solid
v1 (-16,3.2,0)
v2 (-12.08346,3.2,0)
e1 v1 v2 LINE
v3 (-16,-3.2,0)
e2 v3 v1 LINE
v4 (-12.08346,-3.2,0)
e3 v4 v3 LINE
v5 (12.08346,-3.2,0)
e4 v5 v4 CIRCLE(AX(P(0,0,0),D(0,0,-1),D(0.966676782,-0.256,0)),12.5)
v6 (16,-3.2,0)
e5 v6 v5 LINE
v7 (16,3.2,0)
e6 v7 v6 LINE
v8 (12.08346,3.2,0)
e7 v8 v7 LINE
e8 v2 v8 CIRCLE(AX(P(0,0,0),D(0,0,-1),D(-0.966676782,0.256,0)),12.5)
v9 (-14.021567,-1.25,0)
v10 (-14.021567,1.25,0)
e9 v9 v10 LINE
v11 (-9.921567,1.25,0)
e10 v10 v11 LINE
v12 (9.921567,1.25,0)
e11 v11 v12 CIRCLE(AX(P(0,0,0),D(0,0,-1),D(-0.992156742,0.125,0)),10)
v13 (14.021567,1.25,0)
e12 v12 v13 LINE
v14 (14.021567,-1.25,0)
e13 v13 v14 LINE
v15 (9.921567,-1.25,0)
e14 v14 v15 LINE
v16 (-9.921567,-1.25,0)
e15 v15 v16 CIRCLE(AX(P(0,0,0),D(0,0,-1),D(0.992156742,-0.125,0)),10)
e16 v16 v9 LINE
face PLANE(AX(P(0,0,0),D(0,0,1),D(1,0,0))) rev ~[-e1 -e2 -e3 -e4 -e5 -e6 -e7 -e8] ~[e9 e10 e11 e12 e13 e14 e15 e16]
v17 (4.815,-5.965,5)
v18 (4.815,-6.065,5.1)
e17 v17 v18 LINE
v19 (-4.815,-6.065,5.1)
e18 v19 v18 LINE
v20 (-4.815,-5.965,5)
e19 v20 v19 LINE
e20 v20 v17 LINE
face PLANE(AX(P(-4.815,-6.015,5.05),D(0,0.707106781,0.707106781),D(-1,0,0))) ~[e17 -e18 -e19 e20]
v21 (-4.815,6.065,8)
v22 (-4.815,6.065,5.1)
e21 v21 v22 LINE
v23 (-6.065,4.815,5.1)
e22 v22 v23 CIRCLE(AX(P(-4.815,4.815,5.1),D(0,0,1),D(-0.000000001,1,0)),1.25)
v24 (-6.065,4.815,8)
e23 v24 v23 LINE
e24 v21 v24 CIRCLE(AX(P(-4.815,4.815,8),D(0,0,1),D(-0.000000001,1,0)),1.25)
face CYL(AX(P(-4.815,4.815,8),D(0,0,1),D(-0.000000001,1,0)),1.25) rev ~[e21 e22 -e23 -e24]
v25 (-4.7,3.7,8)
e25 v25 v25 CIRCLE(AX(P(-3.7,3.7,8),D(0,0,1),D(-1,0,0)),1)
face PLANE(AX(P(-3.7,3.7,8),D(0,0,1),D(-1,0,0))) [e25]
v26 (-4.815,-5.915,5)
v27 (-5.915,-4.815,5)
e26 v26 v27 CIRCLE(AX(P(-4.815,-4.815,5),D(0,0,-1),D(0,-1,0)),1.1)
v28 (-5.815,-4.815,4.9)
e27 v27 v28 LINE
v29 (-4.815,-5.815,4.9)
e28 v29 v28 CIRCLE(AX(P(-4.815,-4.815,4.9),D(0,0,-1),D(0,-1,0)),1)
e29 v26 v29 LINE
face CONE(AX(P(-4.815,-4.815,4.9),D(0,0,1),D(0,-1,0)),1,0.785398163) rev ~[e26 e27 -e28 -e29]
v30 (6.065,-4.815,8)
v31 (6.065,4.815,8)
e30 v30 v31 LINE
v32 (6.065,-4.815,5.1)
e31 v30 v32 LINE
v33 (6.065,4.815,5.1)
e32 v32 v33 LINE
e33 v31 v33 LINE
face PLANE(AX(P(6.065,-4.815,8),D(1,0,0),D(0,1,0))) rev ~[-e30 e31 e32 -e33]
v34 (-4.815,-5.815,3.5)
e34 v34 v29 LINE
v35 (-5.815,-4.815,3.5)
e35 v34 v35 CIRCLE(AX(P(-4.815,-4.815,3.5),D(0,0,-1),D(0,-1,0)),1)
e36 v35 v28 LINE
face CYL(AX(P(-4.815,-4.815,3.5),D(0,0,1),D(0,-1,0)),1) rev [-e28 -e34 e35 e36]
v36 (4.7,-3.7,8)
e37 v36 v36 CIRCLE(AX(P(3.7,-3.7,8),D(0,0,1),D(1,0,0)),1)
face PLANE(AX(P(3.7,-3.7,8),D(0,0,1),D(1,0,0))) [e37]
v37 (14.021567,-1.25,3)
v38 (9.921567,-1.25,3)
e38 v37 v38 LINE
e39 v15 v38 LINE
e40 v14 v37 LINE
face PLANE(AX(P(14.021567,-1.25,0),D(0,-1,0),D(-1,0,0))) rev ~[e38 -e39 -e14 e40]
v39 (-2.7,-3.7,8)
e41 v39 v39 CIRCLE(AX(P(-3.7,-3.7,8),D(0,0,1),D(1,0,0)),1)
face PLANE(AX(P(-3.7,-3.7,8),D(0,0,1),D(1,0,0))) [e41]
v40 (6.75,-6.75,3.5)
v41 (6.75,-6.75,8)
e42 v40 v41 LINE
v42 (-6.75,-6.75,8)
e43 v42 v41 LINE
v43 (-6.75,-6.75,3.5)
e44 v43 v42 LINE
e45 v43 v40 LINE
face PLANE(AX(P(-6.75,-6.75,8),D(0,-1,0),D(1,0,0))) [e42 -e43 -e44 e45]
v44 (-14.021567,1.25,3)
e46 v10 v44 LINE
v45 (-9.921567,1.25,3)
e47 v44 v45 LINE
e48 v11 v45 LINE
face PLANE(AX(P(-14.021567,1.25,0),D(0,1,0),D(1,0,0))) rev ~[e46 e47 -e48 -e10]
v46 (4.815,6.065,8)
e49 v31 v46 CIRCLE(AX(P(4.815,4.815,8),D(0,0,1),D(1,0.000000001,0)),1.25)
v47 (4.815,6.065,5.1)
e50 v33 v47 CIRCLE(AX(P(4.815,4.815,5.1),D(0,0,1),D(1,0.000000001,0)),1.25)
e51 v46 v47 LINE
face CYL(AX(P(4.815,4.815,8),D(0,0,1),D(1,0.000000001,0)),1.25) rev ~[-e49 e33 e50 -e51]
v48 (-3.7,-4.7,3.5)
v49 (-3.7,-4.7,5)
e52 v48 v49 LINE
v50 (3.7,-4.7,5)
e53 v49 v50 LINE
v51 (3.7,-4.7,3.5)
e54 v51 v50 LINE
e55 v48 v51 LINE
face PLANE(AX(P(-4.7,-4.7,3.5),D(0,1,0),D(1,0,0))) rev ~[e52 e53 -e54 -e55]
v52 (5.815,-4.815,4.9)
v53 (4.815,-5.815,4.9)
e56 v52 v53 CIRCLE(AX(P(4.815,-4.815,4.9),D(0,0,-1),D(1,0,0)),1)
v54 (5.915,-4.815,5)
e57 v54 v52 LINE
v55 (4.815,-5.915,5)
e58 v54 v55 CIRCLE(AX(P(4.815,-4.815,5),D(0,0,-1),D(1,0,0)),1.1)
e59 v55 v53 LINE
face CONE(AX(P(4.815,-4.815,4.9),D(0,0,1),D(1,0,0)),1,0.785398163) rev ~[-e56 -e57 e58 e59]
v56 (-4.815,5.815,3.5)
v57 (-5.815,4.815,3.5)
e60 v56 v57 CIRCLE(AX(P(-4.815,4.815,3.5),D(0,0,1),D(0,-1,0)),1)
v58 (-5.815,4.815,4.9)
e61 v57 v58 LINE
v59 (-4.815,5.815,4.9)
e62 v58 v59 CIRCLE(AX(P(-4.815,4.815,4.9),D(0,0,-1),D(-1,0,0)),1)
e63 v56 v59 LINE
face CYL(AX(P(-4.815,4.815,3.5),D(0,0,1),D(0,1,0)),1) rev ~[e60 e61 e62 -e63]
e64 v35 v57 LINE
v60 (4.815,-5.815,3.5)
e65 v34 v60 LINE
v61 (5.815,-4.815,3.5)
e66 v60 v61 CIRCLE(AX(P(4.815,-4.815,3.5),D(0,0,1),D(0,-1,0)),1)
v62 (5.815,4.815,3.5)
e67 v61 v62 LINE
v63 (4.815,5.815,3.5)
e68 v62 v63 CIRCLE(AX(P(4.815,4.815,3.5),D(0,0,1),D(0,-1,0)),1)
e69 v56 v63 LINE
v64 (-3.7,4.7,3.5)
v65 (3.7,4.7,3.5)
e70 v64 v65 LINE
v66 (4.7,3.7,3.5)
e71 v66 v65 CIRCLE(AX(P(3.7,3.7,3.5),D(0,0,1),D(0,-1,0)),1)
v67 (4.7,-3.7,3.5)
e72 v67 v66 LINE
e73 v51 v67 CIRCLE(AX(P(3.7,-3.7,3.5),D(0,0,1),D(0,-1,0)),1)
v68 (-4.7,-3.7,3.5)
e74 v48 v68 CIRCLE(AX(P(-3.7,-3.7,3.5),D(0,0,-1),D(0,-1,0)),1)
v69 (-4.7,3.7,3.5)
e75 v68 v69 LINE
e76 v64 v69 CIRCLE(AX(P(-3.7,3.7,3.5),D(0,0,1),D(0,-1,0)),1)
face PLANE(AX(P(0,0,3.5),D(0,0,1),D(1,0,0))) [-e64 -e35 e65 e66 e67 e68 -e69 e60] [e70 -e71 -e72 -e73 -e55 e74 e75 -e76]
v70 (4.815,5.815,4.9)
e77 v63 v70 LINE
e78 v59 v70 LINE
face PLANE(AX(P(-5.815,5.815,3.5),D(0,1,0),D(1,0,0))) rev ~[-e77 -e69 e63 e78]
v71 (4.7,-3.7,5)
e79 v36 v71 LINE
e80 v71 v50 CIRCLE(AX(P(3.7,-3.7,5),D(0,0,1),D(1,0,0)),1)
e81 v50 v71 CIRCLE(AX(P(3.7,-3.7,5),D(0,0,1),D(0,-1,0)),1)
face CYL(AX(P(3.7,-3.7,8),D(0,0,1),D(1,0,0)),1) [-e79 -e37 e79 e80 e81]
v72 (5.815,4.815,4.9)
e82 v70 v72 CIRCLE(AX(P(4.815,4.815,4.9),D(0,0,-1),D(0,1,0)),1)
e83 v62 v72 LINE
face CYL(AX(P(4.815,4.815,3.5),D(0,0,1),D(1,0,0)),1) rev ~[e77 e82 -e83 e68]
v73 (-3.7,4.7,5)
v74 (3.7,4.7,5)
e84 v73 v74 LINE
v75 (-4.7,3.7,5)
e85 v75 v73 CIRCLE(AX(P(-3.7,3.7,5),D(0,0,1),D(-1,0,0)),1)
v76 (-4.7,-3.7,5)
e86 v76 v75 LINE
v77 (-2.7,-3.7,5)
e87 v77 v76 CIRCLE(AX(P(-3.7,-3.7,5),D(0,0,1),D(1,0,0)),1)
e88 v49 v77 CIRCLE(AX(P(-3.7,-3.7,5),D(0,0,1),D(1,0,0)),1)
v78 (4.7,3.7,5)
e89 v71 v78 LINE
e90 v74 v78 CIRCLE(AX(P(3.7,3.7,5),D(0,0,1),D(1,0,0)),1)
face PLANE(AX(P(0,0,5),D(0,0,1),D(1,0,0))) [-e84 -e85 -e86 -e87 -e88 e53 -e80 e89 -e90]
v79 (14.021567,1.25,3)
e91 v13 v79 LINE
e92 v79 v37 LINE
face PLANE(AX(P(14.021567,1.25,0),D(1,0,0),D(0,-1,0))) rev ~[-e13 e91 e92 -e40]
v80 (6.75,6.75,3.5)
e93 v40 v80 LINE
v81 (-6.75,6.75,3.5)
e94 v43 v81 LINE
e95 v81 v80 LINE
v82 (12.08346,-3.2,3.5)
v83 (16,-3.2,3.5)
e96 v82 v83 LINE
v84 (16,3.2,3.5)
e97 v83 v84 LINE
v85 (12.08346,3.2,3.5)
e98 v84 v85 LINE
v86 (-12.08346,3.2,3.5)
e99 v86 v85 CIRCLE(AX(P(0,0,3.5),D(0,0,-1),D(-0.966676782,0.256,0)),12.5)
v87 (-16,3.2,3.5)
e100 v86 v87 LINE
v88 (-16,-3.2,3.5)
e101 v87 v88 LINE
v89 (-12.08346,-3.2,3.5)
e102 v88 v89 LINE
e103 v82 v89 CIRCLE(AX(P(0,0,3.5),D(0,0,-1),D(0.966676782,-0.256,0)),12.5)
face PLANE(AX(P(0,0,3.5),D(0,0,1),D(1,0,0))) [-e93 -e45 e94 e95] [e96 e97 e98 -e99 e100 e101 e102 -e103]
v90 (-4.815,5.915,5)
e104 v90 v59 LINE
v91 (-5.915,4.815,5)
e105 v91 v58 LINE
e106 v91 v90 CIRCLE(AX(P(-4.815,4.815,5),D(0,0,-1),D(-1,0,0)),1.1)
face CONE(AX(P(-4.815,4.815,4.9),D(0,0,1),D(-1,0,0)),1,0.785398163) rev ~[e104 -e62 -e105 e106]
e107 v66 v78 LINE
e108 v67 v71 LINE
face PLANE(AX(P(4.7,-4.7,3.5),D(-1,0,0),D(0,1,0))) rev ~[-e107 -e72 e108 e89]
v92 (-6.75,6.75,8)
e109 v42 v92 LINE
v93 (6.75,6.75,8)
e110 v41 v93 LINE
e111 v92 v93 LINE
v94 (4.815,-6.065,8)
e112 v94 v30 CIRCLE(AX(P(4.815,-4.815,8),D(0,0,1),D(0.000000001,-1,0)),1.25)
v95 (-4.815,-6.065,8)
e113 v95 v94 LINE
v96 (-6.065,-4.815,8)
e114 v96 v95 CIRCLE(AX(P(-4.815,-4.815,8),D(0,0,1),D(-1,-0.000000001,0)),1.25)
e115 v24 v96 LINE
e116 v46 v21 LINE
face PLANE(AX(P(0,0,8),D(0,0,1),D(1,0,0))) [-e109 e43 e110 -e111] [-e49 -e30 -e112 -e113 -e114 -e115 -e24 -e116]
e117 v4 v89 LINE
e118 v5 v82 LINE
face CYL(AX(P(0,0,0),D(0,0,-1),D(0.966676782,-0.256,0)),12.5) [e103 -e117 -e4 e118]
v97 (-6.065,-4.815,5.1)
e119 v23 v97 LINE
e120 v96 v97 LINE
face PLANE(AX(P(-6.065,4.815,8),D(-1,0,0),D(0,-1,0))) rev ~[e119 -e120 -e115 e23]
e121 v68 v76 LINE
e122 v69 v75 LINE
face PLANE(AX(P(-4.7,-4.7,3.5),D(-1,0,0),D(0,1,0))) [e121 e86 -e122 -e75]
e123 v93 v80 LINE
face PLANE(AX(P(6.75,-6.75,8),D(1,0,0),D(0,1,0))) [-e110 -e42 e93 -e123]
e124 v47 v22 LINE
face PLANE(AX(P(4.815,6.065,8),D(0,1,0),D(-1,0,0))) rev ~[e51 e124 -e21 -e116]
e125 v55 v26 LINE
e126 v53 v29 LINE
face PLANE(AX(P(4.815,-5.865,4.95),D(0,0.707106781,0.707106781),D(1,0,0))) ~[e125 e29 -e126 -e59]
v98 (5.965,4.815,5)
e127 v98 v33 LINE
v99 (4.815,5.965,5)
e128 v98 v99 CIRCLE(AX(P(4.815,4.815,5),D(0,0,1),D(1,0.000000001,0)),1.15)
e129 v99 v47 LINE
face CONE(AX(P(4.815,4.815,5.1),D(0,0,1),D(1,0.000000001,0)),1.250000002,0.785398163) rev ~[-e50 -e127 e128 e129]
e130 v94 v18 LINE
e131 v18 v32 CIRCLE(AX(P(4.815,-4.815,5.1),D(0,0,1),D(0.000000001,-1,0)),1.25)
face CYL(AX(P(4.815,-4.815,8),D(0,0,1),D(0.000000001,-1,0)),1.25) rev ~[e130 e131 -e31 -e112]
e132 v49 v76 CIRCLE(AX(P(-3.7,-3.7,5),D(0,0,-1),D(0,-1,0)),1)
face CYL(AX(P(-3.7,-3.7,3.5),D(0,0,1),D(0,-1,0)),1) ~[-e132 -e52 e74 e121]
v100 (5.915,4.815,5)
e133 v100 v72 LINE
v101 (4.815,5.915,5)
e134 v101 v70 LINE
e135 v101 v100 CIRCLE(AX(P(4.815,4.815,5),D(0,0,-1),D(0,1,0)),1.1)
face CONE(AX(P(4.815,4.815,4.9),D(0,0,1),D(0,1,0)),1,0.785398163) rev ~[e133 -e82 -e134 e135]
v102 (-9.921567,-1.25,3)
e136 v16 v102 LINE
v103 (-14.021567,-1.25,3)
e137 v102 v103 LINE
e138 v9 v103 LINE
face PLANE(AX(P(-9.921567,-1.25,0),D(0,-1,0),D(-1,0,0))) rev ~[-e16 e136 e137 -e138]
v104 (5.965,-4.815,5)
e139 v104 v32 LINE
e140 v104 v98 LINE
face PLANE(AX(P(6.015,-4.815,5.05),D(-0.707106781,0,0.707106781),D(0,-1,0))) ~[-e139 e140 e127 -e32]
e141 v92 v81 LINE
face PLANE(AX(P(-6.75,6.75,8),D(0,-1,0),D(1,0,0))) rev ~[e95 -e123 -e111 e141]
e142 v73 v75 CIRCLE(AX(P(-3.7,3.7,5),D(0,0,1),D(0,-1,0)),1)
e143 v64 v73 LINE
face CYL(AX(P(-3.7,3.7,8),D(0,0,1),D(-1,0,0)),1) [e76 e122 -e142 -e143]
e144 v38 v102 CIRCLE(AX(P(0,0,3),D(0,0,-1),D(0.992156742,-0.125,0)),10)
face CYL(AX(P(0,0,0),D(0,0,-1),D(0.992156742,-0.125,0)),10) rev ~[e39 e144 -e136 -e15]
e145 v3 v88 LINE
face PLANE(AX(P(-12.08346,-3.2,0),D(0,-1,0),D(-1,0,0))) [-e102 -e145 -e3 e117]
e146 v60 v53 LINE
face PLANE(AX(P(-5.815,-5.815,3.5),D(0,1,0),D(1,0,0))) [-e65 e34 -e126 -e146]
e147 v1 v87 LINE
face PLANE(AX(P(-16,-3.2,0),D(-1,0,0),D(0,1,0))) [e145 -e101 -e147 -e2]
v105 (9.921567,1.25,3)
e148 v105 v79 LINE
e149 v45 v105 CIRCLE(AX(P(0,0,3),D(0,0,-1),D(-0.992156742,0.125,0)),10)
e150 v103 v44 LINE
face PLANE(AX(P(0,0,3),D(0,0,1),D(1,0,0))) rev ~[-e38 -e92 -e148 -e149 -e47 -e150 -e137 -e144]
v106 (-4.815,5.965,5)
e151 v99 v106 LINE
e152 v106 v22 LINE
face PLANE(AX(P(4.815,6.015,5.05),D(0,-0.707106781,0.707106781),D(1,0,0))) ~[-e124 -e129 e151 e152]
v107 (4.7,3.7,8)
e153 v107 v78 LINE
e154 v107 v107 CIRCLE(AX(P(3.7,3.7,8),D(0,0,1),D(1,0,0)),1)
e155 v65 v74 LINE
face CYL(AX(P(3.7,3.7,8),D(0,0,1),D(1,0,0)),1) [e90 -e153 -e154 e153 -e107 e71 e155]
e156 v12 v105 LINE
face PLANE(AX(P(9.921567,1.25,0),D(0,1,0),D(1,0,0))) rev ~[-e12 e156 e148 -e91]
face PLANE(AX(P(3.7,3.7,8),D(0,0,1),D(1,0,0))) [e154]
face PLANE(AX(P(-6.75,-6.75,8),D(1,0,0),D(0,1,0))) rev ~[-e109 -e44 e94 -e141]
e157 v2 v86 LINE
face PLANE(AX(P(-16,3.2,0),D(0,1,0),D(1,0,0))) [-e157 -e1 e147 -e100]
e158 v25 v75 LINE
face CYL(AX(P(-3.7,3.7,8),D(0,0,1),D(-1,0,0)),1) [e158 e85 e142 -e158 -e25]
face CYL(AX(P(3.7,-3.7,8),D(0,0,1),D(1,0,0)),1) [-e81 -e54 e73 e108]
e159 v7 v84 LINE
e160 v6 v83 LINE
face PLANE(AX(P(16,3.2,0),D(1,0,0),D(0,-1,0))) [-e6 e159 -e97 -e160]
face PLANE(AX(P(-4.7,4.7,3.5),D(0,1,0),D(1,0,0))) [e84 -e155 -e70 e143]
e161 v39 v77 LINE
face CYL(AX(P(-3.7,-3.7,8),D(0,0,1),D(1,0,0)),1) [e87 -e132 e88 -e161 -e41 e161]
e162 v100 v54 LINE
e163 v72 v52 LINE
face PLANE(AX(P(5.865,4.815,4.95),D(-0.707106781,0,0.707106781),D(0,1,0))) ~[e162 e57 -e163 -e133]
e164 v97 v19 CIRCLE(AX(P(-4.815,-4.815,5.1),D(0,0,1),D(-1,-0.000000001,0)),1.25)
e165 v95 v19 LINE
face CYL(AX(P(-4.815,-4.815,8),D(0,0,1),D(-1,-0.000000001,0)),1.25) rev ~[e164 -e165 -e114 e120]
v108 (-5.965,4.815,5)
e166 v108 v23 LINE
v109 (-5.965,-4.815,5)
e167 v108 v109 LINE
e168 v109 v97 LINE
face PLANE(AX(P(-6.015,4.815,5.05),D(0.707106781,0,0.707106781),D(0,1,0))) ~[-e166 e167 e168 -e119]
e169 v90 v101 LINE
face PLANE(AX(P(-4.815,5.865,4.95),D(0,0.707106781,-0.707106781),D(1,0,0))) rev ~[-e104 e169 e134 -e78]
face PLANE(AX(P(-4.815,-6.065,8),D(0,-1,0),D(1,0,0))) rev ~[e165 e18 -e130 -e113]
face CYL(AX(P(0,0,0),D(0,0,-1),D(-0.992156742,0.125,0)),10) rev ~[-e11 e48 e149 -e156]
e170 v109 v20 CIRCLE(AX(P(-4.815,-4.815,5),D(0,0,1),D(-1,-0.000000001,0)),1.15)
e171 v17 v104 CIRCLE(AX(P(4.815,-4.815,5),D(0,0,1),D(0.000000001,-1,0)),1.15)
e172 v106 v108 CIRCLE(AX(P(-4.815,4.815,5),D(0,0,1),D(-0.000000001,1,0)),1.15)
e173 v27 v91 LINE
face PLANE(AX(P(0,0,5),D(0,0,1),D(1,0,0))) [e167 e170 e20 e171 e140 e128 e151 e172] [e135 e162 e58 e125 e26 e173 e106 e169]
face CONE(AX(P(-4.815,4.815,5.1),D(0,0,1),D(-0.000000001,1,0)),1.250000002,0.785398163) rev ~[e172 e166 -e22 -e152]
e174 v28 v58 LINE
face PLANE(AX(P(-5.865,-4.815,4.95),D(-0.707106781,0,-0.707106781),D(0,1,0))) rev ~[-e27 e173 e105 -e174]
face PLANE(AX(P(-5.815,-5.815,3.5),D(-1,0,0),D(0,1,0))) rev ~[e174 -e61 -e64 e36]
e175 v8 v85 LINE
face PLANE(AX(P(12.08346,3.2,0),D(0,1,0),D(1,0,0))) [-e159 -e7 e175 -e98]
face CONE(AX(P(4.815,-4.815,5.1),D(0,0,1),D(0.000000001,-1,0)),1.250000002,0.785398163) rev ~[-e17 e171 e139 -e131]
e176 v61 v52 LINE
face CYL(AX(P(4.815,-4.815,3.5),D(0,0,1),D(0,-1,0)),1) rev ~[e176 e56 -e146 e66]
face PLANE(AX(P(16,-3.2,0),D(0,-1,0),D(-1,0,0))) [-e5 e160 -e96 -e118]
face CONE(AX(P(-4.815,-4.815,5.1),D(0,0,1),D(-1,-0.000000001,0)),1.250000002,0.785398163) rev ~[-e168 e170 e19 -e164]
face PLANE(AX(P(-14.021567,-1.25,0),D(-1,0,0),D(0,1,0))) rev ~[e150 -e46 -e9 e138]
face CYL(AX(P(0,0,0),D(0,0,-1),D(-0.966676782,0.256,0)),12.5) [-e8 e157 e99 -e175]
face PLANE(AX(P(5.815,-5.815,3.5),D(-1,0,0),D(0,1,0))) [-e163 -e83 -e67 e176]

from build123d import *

# Parameters (mm, degrees)
SKETCH1_R           = 17.5
BOSS_EXTRUDE1_DEPTH = 3
SKETCH2_R           = 17.5
BOSS_EXTRUDE2_DEPTH = 0.5
SKETCH3_W           = 13.5
SKETCH3_H           = 13.5
SKETCH3_W_2         = 11.63
SKETCH3_H_2         = 11.63
SKETCH3_W_3         = 9.4
SKETCH3_H_3         = 9.4
BOSS_EXTRUDE3_DEPTH = 1.5
FILLET1_R           = 1
SKETCH4_R           = 17.5
CUT_EXTRUDE1_DEPTH  = 32.5
BOSS_EXTRUDE4_START = 3
SKETCH5_R           = 1
BOSS_EXTRUDE4_DEPTH = 3
SKETCH6_W           = 13.5
SKETCH6_H           = 13.5
BOSS_EXTRUDE6_DEPTH = 3
CHAMFER1_SIZE       = 0.1


with BuildPart() as part:
    # Sketch1 → Boss-Extrude1 (new body)
    with BuildSketch(Plane.XY):
        Circle(SKETCH1_R)
        with BuildLine():
            Line((-9.921567416, -1.25), (-14.021567416, -1.25))
            Line((-14.021567416, -1.25), (-14.021567416, 1.25))
            Line((-14.021567416, 1.25), (-9.921567416, 1.25))
            ThreePointArc((-9.921567416, 1.25), (0, 10), (9.921567416, 1.25))
            Line((9.921567416, 1.25), (14.021567416, 1.25))
            Line((14.021567416, 1.25), (14.021567416, -1.25))
            Line((14.021567416, -1.25), (9.921567416, -1.25))
            ThreePointArc((9.921567416, -1.25), (0, -10), (-9.921567416, -1.25))
        make_face(mode=Mode.SUBTRACT)
    extrude(amount=BOSS_EXTRUDE1_DEPTH)

    # Sketch2 → Boss-Extrude2 (add)
    with BuildSketch(Plane.XY.offset(3)):
        Circle(SKETCH2_R)
    extrude(amount=BOSS_EXTRUDE2_DEPTH)

    # Sketch3 → Boss-Extrude3 (add)
    # profile 1 of 2: a face of its own
    with BuildSketch(Plane.XY.offset(3.5)):
        Rectangle(SKETCH3_W, SKETCH3_H)
        Rectangle(SKETCH3_W_2, SKETCH3_H_2, mode=Mode.SUBTRACT)
    # profile 2 of 2: a face of its own
    with BuildSketch(Plane.XY.offset(3.5)):
        Rectangle(SKETCH3_W_3, SKETCH3_H_3)
    extrude(amount=BOSS_EXTRUDE3_DEPTH)

    # Fillet1
    fillet1_edges = [part.edges().sort_by_distance(p)[0] for p in [
        (4.7, 4.7, 4.25),
        (-4.7, 4.7, 4.25),
        (-4.7, -4.7, 4.25),
        (4.7, -4.7, 4.25),
        (5.815, -5.815, 4.25),
        (-5.815, -5.815, 4.25),
        (-5.815, 5.815, 4.25),
        (5.815, 5.815, 4.25),
    ]]
    fillet(fillet1_edges, radius=FILLET1_R)

    # Sketch4 → Cut-Extrude1 (cut)
    with BuildSketch(Plane(origin=(0, 0, 0), x_dir=(-1, 0, 0), z_dir=(0, 0, -1))):
        Circle(SKETCH4_R)
        with BuildLine():
            Line((-16, 3.2), (-16, -3.2))
            Line((-16, -3.2), (-12.083459769, -3.2))
            ThreePointArc((-12.083459769, -3.2), (0, -12.5), (12.083459769, -3.2))
            Line((12.083459769, -3.2), (16, -3.2))
            Line((16, -3.2), (16, 3.2))
            Line((16, 3.2), (12.083459769, 3.2))
            ThreePointArc((12.083459769, 3.2), (0, 12.5), (-12.083459769, 3.2))
            Line((-12.083459769, 3.2), (-16, 3.2))
        make_face(mode=Mode.SUBTRACT)
    extrude(amount=-CUT_EXTRUDE1_DEPTH, mode=Mode.SUBTRACT)

    # Sketch5 → Boss-Extrude4 (add)
    with BuildSketch(Plane.XY.offset(5).offset(BOSS_EXTRUDE4_START)):
        with Locations(Location((-3.7, 3.7, 0), (0, 0, 180))):
            Circle(SKETCH5_R)
        with Locations((3.7, 3.7)):
            Circle(SKETCH5_R)
        with Locations((3.7, -3.7)):
            Circle(SKETCH5_R)
        with Locations((-3.7, -3.7)):
            Circle(SKETCH5_R)
    extrude(amount=-BOSS_EXTRUDE4_DEPTH)

    # Sketch6 → Boss-Extrude6 (add)
    with BuildSketch(Plane.XY.offset(8)):
        Rectangle(SKETCH6_W, SKETCH6_H)
        with BuildLine():
            Line((-6.065, 4.815), (-6.065, -4.815))
            ThreePointArc((-6.065, -4.815), (-5.698883476, -5.698883476), (-4.815, -6.065))
            Line((-4.815, -6.065), (4.815, -6.065))
            ThreePointArc((4.815, -6.065), (5.698883476, -5.698883476), (6.065, -4.815))
            Line((6.065, -4.815), (6.065, 4.815))
            ThreePointArc((6.065, 4.815), (5.698883476, 5.698883476), (4.815, 6.065))
            Line((4.815, 6.065), (-4.815, 6.065))
            ThreePointArc((-4.815, 6.065), (-5.698883476, 5.698883476), (-6.065, 4.815))
        make_face(mode=Mode.SUBTRACT)
    extrude(amount=-BOSS_EXTRUDE6_DEPTH)

    # Chamfer1
    chamfer1_edges = [part.edges().sort_by_distance(p)[0] for p in [
        (-5.522106781, -5.522106781, 5),
        (5.522106781, 5.522106781, 5),
        (-5.522106781, 5.522106781, 5),
        (5.522106781, -5.522106781, 5),
        (-6.065, 0, 5),
        (-5.698883476, -5.698883476, 5),
        (0, -6.065, 5),
        (5.698883476, -5.698883476, 5),
        (6.065, 0, 5),
        (5.698883476, 5.698883476, 5),
        (0, 6.065, 5),
        (-5.698883476, 5.698883476, 5),
        (-5.815, 0, 5),
        (0, -5.815, 5),
        (5.815, 0, 5),
        (0, 5.815, 5),
    ]]
    chamfer(chamfer1_edges, length=CHAMFER1_SIZE)


solid = part.part
